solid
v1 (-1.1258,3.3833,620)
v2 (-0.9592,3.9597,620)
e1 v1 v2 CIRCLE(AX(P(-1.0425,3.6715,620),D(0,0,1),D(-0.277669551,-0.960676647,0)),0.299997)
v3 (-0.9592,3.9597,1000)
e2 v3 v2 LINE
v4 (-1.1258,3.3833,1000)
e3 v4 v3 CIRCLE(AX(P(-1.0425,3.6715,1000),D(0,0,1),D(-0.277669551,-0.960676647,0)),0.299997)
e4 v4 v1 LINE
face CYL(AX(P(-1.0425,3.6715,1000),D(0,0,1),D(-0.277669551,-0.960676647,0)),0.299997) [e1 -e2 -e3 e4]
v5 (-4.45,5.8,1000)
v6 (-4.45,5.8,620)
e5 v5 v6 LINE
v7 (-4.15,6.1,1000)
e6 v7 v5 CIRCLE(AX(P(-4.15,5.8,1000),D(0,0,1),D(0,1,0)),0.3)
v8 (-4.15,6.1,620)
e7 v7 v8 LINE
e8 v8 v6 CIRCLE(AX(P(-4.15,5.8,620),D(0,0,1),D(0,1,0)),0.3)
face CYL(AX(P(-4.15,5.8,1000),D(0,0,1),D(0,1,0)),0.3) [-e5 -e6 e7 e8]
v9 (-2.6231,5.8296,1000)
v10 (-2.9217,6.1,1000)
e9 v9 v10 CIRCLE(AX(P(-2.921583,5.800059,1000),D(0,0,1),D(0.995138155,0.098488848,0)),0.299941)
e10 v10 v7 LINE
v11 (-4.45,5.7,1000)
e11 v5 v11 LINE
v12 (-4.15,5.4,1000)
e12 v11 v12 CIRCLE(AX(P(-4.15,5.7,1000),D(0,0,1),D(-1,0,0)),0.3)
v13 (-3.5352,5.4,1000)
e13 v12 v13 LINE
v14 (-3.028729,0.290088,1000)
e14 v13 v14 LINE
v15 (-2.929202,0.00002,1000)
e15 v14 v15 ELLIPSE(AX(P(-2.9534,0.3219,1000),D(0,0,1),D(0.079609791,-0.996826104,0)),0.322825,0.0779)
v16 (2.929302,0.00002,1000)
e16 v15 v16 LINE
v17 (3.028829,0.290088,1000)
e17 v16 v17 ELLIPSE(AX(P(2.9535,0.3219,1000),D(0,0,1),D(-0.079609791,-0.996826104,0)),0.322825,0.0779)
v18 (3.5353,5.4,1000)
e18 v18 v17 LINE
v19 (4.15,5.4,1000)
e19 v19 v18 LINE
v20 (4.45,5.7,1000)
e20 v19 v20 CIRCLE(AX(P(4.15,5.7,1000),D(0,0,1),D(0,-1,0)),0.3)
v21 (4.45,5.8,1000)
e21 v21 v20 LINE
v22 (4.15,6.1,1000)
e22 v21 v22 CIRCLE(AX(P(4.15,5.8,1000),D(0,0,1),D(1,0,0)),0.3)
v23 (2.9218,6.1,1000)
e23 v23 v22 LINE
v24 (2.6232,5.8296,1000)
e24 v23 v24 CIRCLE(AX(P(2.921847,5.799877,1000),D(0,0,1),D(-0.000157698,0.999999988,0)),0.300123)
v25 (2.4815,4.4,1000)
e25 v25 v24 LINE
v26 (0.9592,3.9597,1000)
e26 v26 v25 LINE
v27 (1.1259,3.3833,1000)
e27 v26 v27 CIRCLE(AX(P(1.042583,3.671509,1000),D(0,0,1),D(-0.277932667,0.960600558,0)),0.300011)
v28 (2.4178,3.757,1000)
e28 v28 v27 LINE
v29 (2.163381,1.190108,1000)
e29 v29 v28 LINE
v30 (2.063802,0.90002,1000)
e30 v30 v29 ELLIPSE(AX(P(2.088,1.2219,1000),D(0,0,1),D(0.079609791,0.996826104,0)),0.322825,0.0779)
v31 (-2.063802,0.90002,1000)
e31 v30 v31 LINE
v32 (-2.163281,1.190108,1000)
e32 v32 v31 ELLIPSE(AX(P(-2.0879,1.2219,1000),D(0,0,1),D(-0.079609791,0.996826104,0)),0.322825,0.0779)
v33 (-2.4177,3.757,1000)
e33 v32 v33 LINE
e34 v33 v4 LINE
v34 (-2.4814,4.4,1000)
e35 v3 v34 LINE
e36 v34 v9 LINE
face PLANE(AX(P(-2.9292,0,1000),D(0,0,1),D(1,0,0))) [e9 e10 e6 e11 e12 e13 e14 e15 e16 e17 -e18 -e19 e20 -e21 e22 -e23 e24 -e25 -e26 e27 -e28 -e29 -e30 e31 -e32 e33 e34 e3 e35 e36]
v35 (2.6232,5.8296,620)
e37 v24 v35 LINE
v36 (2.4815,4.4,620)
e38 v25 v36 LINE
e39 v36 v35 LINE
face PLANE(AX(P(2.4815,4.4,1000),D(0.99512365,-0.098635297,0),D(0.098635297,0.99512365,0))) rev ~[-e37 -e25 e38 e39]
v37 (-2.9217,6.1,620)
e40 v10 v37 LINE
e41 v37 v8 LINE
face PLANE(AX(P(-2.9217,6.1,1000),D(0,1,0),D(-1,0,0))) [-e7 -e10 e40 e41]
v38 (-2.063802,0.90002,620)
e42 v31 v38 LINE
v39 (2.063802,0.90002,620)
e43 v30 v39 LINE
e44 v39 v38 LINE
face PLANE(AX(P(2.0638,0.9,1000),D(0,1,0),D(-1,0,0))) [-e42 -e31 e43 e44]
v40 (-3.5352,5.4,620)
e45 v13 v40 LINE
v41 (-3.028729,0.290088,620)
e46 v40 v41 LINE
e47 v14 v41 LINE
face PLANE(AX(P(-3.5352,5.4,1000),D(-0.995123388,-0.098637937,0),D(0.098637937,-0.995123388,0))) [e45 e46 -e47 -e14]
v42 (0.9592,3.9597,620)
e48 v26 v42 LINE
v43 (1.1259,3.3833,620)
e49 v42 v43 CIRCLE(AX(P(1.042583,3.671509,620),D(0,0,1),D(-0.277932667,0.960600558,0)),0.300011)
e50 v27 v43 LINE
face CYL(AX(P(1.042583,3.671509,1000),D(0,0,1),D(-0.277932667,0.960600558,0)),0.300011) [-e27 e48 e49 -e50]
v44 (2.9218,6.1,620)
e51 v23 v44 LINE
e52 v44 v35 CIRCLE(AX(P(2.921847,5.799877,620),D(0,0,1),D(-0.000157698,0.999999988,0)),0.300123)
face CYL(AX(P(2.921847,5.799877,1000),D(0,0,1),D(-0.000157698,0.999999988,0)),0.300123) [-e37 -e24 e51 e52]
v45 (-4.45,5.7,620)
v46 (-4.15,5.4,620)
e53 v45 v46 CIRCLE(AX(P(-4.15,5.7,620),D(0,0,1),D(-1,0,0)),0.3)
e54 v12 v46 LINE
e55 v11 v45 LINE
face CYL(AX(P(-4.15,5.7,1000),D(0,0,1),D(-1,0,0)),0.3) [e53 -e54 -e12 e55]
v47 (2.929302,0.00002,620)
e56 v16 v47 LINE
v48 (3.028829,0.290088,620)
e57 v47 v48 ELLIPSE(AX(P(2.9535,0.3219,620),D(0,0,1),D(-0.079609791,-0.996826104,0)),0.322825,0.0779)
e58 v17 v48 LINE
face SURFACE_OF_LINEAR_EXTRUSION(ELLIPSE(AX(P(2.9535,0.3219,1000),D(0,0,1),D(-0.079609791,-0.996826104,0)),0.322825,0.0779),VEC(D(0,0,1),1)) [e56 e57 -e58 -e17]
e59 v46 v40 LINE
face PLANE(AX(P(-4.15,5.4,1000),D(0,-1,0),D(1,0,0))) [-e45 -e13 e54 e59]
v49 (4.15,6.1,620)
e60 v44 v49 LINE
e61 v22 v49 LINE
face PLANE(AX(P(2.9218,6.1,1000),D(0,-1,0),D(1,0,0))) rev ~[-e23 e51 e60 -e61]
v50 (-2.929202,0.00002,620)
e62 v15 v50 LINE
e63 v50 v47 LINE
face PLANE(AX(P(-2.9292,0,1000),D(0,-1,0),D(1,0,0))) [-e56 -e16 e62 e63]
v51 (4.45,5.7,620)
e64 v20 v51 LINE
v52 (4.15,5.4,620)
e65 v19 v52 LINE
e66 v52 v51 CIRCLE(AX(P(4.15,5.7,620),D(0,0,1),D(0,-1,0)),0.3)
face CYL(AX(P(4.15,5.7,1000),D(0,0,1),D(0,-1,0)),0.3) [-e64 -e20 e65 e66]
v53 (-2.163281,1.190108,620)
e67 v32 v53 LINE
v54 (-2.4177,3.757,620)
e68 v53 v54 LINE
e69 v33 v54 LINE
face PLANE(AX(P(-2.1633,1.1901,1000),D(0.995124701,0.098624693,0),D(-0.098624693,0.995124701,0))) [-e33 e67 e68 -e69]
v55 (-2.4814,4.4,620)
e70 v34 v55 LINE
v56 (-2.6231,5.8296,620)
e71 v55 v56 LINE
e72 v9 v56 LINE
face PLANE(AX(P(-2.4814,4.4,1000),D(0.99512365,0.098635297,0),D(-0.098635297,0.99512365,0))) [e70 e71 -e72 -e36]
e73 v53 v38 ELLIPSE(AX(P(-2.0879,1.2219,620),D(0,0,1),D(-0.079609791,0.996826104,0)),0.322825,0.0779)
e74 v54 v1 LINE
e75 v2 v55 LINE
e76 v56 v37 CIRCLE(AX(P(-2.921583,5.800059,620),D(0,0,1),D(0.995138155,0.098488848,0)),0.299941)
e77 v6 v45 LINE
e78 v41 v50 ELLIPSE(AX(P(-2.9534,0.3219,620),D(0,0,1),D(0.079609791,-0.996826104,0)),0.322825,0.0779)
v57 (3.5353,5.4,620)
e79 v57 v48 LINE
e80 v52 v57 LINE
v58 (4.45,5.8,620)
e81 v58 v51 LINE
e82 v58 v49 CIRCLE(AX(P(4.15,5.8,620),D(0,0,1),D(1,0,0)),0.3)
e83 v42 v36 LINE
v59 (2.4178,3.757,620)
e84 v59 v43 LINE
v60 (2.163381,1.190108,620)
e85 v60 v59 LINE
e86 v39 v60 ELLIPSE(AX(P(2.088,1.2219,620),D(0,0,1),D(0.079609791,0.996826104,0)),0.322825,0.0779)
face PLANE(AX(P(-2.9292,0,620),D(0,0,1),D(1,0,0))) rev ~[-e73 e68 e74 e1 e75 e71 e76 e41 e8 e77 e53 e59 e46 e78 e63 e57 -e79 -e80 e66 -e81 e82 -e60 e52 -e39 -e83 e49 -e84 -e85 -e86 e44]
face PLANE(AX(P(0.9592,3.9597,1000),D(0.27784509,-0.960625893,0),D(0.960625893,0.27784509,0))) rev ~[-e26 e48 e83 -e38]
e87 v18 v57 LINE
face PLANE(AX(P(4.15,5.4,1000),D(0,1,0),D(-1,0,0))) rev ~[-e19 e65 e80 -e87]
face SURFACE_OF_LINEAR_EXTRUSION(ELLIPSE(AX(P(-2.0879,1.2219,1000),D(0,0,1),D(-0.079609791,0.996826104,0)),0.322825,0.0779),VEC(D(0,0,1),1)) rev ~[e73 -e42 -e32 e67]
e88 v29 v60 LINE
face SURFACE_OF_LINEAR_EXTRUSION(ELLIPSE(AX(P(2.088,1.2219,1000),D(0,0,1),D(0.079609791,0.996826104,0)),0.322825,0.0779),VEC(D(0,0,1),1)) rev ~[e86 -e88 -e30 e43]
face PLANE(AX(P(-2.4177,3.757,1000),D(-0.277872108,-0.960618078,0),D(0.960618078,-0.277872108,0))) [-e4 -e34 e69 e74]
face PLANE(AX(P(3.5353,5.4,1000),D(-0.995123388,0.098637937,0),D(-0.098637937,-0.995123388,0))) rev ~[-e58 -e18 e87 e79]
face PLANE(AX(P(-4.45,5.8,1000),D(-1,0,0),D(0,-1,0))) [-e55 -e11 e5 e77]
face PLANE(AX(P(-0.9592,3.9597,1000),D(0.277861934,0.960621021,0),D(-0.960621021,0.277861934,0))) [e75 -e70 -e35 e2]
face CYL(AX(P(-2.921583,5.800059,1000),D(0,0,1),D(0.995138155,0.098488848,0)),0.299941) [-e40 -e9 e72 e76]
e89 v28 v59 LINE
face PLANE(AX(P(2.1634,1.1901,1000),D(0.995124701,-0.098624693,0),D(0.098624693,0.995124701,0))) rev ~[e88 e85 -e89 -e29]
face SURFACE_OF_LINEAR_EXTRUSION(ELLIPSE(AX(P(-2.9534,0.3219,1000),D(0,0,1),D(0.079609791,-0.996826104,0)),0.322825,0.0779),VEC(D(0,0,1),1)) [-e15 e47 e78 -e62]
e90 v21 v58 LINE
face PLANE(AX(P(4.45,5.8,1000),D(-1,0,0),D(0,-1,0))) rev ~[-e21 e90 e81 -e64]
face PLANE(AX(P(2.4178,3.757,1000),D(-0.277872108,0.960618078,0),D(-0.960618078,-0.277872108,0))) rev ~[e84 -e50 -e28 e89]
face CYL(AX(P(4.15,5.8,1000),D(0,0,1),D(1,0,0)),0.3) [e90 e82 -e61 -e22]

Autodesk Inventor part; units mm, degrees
ref_plane "YZ Plane" through (0, 0, 0) normal (1, 0, 0) x (0, 1, 0)
ref_plane "XZ Plane" through (0, 0, 0) normal (0, 1, 0) x (-1, 0, 0)
ref_plane "РабПлоскость5" through (-2.9292, 0, 1000) normal (0, 0, 1) x (1, 0, 0)
sketch "Эскиз1" plane through (-2.9292, 0, 1000) normal (0, 0, 1) x (1, 0, 0)
  ellipse E0 centre (5.8827, 0.3219) end of major axis (5.857, 0.0001) minor radius 0.0779 (5.8585, 0) -> (5.958, 0.2901) ccw
  arc A0 (1.8034, 3.3833) -> (1.97, 3.9597) centre (1.8867, 3.6715) ccw
  arc A1 (3.8884, 3.9597) -> (4.0551, 3.3833) centre (3.9718, 3.6715) ccw
  line L0 (5.347, 3.757) -> (4.0551, 3.3833)
  line L1 (5.0926, 1.1901) -> (5.347, 3.757)
  ellipse E1 centre (0.8413, 1.2219) end of major axis (0.8156, 1.5437) minor radius 0.0779 (0.7659, 1.1901) -> (0.8654, 0.9) ccw
  line L2 (4.993, 0.9) -> (0.8654, 0.9)
  ellipse E2 centre (5.0172, 1.2219) end of major axis (5.0429, 1.5437) minor radius 0.0779 (4.993, 0.9) -> (5.0926, 1.1901) ccw
  line L3 (0.7659, 1.1901) -> (0.5115, 3.757)
  line L4 (1.97, 3.9597) -> (0.4478, 4.4)
  line L5 (3.8884, 3.9597) -> (5.4107, 4.4)
  line L6 (5.4107, 4.4) -> (5.5524, 5.8296)
  arc A2 (5.851, 6.1) -> (5.5524, 5.8296) centre (5.851, 5.8) ccw
  line L7 (5.851, 6.1) -> (7.0792, 6.1)
  arc A3 (7.3792, 5.8) -> (7.0792, 6.1) centre (7.0792, 5.8) ccw
  arc A4 (7.0792, 5.4) -> (7.3792, 5.7) centre (7.0792, 5.7) ccw
  line L8 (7.0792, 5.4) -> (6.4645, 5.4)
  line L9 (-0.606, 5.4) -> (-0.0995, 0.2901)
  line L10 (-1.2208, 5.4) -> (-0.606, 5.4)
  arc A5 (-1.5208, 5.7) -> (-1.2208, 5.4) centre (-1.2208, 5.7) ccw
  line L11 (-1.5208, 5.8) -> (-1.5208, 5.7)
  arc A6 (-1.2208, 6.1) -> (-1.5208, 5.8) centre (-1.2208, 5.8) ccw
  line L12 (0.0075, 6.1) -> (-1.2208, 6.1)
  arc A7 (0.3061, 5.8296) -> (0.0075, 6.1) centre (0.0075, 5.8) ccw
  line L13 (0.4478, 4.4) -> (0.3061, 5.8296)
  ellipse E3 centre (-0.0242, 0.3219) end of major axis (0.0015, 0.0001) minor radius 0.0779 (-0.0995, 0.2901) -> (0, 0) ccw
  line L14 (0, 0) -> (5.8585, 0)
  line L15 (6.4645, 5.4) -> (5.958, 0.2901)
  line L16 (7.3792, 5.8) -> (7.3792, 5.7)
  line L17 (0.5115, 3.757) -> (1.8034, 3.3833)
  point P0 (2.9292, 0)
extrude "Выдавливание1" add sketch "Эскиз1" against normal blind 380
properties part number "Uplotnitel-pazovyy380_-paz-6"
